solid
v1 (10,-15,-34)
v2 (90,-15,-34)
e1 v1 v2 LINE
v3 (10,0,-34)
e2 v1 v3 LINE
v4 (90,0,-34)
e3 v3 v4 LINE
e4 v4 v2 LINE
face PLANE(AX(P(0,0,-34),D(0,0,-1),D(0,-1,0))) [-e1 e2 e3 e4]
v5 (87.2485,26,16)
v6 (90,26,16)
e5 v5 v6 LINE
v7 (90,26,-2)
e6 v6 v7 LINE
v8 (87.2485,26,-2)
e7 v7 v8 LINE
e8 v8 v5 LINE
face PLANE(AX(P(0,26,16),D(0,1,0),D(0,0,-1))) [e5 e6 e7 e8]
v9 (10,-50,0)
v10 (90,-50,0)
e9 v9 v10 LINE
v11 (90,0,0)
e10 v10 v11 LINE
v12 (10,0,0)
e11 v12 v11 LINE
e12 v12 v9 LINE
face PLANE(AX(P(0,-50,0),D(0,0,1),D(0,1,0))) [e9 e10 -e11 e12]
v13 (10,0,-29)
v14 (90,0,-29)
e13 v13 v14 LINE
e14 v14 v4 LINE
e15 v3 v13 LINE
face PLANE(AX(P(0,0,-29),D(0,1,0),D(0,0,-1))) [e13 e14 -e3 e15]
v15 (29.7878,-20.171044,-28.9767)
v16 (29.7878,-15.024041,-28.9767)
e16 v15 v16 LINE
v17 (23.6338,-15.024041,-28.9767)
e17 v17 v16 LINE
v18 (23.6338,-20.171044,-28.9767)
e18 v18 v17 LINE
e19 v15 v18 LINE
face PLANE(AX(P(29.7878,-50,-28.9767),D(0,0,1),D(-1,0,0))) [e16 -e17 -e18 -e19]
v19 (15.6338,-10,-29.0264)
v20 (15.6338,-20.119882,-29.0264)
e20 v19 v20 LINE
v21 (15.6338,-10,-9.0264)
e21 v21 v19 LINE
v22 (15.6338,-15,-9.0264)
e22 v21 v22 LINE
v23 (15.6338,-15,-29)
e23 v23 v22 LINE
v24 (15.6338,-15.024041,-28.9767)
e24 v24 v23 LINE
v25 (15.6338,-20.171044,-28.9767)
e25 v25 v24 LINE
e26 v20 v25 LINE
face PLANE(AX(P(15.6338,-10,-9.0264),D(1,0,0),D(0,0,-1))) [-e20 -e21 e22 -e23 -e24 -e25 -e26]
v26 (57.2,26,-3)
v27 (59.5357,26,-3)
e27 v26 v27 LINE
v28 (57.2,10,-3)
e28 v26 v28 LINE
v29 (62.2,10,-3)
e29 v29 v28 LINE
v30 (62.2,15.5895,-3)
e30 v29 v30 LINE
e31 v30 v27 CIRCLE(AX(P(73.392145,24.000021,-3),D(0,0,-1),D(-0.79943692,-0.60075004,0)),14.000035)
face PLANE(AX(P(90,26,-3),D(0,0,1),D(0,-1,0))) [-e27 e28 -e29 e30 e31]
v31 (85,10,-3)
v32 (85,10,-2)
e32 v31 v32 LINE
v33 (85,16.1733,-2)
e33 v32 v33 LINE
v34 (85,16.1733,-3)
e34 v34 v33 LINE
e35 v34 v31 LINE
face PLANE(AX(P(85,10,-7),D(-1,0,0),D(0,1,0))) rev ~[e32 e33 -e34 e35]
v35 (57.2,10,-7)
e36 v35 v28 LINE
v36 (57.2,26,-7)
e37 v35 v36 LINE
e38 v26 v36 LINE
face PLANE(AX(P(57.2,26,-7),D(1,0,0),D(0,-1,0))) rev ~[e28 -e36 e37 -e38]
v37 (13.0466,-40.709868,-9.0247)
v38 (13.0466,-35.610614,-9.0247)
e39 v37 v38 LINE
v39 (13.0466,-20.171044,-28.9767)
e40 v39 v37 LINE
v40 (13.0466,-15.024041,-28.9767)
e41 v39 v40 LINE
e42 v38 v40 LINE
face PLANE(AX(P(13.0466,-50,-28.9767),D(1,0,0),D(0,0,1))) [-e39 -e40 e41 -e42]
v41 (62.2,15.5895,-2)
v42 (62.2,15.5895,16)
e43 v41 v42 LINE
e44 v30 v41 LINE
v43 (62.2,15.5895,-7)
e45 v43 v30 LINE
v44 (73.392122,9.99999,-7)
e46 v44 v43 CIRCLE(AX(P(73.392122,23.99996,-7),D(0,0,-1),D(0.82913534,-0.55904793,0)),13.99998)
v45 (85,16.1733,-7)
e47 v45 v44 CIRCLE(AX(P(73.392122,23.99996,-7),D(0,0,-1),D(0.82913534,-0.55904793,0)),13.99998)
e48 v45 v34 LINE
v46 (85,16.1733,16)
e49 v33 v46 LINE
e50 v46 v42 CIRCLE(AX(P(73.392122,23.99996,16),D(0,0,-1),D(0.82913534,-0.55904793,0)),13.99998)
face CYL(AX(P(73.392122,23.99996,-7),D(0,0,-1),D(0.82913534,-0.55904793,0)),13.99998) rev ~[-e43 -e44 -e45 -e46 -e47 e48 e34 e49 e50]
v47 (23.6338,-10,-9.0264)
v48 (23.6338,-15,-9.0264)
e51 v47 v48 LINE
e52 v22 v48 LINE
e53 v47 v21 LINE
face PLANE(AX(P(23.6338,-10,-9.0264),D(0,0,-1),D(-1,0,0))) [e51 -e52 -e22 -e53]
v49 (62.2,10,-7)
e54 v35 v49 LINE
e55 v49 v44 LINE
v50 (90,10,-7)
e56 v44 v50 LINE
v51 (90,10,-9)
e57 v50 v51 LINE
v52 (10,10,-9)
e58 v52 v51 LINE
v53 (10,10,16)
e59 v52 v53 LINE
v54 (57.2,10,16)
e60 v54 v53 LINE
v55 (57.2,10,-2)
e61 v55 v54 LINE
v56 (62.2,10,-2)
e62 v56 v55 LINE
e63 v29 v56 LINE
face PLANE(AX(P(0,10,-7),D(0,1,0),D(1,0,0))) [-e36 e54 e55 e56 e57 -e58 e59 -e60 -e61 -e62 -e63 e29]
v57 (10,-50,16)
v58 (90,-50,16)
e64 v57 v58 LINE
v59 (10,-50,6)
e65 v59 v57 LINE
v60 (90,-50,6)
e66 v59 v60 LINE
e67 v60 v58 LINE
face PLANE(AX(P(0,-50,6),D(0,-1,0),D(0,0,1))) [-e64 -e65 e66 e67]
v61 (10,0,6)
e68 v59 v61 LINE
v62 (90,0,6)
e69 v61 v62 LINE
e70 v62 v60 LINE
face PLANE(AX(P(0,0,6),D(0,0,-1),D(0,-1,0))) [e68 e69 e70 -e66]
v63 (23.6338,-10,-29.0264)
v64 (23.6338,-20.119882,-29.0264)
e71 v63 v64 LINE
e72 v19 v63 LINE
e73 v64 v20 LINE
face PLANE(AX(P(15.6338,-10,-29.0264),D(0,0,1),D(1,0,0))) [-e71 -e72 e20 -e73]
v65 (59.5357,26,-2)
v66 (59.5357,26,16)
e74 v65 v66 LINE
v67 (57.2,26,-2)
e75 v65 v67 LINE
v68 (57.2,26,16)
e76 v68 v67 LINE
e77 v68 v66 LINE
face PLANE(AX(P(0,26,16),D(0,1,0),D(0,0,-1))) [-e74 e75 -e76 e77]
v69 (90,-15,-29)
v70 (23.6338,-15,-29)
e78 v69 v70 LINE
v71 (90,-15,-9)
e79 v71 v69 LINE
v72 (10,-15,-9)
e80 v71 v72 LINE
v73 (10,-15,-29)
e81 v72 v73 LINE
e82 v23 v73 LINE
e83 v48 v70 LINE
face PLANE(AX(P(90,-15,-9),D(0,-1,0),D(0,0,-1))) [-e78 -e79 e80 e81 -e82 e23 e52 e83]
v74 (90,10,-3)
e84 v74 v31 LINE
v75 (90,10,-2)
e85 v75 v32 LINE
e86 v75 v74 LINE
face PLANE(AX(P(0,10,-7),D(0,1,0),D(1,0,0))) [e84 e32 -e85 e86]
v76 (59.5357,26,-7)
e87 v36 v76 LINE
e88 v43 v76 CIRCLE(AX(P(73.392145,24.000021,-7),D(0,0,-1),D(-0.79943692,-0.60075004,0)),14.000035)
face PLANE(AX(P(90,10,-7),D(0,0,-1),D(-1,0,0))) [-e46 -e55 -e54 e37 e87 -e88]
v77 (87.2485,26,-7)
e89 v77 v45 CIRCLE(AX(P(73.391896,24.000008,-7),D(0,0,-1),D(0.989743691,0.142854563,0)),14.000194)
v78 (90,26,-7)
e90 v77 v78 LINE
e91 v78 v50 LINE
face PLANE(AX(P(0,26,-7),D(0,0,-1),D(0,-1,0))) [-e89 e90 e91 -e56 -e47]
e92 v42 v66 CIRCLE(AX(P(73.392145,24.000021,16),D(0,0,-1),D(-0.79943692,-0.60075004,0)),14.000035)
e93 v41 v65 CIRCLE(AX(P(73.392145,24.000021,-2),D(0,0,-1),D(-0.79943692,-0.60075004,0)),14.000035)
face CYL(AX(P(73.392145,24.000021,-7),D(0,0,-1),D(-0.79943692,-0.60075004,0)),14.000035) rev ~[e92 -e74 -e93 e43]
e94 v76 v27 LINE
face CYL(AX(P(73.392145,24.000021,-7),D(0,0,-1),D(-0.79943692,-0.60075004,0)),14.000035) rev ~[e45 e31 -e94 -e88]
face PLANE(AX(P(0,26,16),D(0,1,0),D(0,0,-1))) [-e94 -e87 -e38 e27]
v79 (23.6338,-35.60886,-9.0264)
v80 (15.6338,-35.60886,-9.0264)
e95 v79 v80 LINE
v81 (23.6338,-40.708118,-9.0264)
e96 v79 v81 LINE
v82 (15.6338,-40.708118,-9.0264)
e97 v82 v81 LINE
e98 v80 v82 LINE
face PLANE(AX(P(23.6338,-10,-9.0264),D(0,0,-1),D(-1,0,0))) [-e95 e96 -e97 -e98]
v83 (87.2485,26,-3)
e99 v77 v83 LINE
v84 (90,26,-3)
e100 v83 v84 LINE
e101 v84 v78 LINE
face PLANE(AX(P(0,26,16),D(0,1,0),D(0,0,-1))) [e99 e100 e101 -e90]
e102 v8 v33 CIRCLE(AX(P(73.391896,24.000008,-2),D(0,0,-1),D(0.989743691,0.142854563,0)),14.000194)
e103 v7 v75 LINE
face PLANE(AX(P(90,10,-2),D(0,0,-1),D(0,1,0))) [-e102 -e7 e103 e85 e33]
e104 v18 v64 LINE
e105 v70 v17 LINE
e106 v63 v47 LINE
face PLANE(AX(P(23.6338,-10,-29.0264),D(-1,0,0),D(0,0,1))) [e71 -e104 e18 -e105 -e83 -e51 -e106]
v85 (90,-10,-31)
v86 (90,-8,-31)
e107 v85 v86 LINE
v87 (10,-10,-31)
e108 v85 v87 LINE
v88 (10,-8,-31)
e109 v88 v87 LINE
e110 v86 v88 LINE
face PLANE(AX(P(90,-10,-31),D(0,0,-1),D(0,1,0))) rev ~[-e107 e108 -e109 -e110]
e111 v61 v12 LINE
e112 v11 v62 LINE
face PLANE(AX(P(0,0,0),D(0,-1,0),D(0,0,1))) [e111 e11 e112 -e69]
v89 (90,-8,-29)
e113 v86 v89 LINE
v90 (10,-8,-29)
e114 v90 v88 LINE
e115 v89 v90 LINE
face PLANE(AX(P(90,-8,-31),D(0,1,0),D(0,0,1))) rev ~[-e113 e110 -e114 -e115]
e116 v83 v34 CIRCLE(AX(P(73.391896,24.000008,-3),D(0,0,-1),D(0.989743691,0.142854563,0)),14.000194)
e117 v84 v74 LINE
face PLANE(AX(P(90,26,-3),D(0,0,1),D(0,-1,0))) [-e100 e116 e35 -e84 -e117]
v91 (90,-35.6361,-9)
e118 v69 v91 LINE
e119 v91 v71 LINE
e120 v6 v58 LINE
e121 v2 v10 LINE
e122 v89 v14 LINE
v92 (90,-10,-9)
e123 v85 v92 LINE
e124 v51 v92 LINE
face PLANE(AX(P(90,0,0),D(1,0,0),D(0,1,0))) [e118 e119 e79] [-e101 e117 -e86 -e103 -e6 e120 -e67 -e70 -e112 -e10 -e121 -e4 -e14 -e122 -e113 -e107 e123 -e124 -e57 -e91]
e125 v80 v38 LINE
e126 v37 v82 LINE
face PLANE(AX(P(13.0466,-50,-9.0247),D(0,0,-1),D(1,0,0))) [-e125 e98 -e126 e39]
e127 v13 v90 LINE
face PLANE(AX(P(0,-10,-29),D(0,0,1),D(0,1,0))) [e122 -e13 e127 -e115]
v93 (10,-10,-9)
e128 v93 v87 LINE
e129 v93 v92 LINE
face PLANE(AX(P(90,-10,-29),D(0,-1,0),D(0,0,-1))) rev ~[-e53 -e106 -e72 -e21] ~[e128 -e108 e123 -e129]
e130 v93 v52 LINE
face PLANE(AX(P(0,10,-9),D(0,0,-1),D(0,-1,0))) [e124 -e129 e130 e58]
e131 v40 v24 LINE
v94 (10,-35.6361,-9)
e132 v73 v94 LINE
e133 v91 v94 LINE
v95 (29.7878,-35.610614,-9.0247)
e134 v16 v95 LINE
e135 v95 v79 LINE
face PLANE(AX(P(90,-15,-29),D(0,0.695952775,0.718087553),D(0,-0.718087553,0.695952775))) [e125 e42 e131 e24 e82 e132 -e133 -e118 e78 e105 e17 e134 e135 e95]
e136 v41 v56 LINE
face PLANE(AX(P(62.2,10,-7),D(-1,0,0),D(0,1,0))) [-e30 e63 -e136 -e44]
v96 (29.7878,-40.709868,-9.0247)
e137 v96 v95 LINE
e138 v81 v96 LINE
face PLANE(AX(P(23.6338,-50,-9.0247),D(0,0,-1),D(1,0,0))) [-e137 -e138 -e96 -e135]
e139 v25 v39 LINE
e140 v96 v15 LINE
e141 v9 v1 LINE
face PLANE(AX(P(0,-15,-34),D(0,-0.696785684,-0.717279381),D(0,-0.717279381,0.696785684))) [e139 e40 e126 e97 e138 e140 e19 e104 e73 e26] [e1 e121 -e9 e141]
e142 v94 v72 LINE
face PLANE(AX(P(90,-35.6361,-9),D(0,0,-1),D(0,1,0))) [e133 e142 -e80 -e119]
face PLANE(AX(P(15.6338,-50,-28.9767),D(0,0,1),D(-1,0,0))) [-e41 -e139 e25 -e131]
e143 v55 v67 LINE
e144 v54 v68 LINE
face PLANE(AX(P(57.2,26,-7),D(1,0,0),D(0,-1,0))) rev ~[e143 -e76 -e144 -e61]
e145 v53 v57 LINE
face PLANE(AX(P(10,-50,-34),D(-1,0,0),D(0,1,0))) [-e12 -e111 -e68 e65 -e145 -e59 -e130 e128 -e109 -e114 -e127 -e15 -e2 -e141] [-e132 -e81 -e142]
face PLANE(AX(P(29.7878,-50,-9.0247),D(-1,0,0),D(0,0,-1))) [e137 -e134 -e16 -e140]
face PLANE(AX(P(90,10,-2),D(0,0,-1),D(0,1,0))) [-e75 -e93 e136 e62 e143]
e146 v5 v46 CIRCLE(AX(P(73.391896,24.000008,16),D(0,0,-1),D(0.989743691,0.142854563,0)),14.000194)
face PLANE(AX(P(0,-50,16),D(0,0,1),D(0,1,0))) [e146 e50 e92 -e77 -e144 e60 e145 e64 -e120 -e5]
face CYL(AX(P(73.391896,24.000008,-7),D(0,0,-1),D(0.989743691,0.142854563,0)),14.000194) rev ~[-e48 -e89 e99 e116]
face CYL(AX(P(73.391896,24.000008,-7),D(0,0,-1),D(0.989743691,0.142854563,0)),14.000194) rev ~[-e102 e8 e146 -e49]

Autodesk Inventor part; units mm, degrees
ref_plane "YZ Plane" through (0, 0, 0) normal (1, 0, 0) x (0, 1, 0)
ref_plane "XZ Plane" through (0, 0, 0) normal (0, 1, 0) x (-1, 0, 0)
ref_plane "XY Plane" through (0, 0, 0) normal (0, 0, 1) x (1, 0, 0)
sketch "Base" plane through (0, 0, 0) normal (1, 0, 0) x (0, 1, 0)
  line L0 (0, 0) -> (0, 6)
  line L1 (0, 6) -> (-50, 6)
  line L2 (-50, 6) -> (-50, 16)
  line L3 (-50, 16) -> (10, 16)
  line L4 (10, -9) -> (-10, -9)
  line L5 (-10, -9) -> (-10, -29)
  line L6 (-10, -29) -> (0, -29)
  line L7 (0, -29) -> (0, -34)
  line L8 (0, -34) -> (-15, -34)
  line L9 (-15, -34) -> (-50, 0)
  line L10 (-50, 0) -> (0, 0)
  line L11 (10, 16) -> (10, -9)
  dimension "d0" = 6
  dimension "d1" = 50
  dimension "d2" = 10
  dimension "d3" = 60
  dimension "d4" = 25
  dimension "d5" = 20
  dimension "d6" = 20
  dimension "d7" = 10
  dimension "d8" = 5
  dimension "d9" = 15
sketch "Mount" plane through (0, 0, 0) normal (1, 0, 0) x (0, 1, 0)
  line L0 (10, 16) -> (26, 16)
  line L1 (26, 16) -> (26, -7)
  line L2 (26, -7) -> (10, -7)
  line L3 (10, -7) -> (10, 16)
  point P0 (0, 0)
  dimension "d13" = 16
  dimension "d14" = 23
extrude "Extrusion1" add sketch "Base" along normal blind 90
extrude "Extrusion2" add sketch "Mount" along normal blind 90
sketch "Sketch4" plane through (0, 10, -7) normal (0, 0, -1) x (-1, 0, 0)
  line L0 (0, 0) -> (0, 16) projected
  line L1 (0, 16) -> (-90, 16) projected
  line L2 (-90, 0) -> (-90, 16) projected
  line L3 (0, 0) -> (-90, 0) projected
  line L4 (-90, 17.3769) -> (-85, 17.3769)
  line L5 (-85, 17.3769) -> (-85, 0)
  line L6 (0, 0) -> (-90, 0) projected
  line L7 (-85, 0) -> (-62.2, 0)
  line L8 (-62.2, 0) -> (-62.2, 17.3769)
  line L9 (-62.2, 17.3769) -> (-57.2, 17.3769)
  line L10 (-57.2, 17.3769) -> (-57.2, 0)
  line L11 (-90, 17.3769) -> (-90, 25.7938)
  line L12 (-90, 25.7938) -> (16.0885, 26.6461)
  line L13 (16.0885, 26.6461) -> (17.0474, 0)
  line L14 (17.0474, 0) -> (-57.2, 0)
  point P0 (0, -10)
  dimension "d19" = 5
  dimension "d20" = 22.8
  dimension "d21" = 5
extrude "Extrusion3" cut sketch "Sketch4" against normal blind 90 contours L3 L10 L1 L0 | L0 L1 L10 L9 L8 L5 L4 L11 L12 L13 L14 | L3 L5 L1 L8
sketch "Sketch7" plane through (90, 0, 0) normal (1, 0, 0) x (0, 0, -1)
  line L0 (29, 0) -> (29, -10) projected
  line L1 (29, -10) -> (9, -10) projected
  line L2 (9, -10) -> (9, 10) projected
  line L3 (9, 10) -> (7, 10) projected
  line L4 (7, 10) -> (7, 26) projected
  line L5 (7, 26) -> (-16, 26) projected
  line L6 (-16, 26) -> (-16, -50) projected
  line L7 (-16, -50) -> (-6, -50) projected
  line L8 (-6, -50) -> (-6, 0) projected
  line L9 (-6, 0) -> (0, 0) projected
  line L10 (0, 0) -> (0, -50) projected
  line L11 (0, -50) -> (34, -15) projected
  line L12 (34, -15) -> (34, 0) projected
  line L13 (34, 0) -> (29, 0) projected
  line L14 (9, -15) -> (29, -15)
  line L15 (29, -15) -> (9, -35.6361)
  line L16 (9, -35.6361) -> (9, -15)
extrude "Extrusion5" cut sketch "Sketch7" against normal blind 90 contours L14 L15 L16
sketch "Sketch8" plane through (90, 0, 0) normal (1, 0, 0) x (0, 0, -1)
  line L0 (29, -15) -> (9, -35.6361) projected
  line L1 (9, -35.6361) -> (9, -15) projected
  line L2 (9, -15) -> (29, -15) projected
  line L3 (29, 0) -> (29, -10) projected
  line L4 (29, -10) -> (9, -10) projected
  line L5 (9, -10) -> (9, 10) projected
  line L6 (9, 10) -> (7, 10) projected
  line L7 (7, 10) -> (7, 26) projected
  line L8 (7, 26) -> (-16, 26) projected
  line L9 (-16, 26) -> (-16, -50) projected
  line L10 (-16, -50) -> (-6, -50) projected
  line L11 (-6, -50) -> (-6, 0) projected
  line L12 (-6, 0) -> (0, 0) projected
  line L13 (0, 0) -> (0, -50) projected
  line L14 (0, -50) -> (34, -15) projected
  line L15 (34, -15) -> (34, 0) projected
  line L16 (34, 0) -> (29, 0) projected
  line L17 (2, 10) -> (3, 10)
  line L18 (2, 10) -> (2, 28)
  line L19 (2, 28) -> (3, 28)
  line L20 (3, 28) -> (3, 10)
  point P0 (-16, 10)
  dimension "d39" = 18
  dimension "d40" = 1
  dimension "d69" = 18
extrude "Extrusion6" cut sketch "Sketch8" against normal blind 90 contours L20 L17 L18 L8 | L8 L18 L19 L20
sketch "Sketch9" plane through (0, -15, -34) normal (0, 0, -1) x (-1, 0, 0)
  line L0 (0, -35) -> (-90, -35) projected
  line L1 (0, -35) -> (-10, -35)
  line L2 (-10, -35) -> (-10, 26.7876)
  line L3 (-10, 26.7876) -> (0, 26.7876)
  line L4 (0, 26.7876) -> (0, -35)
  point P0 (0, 15)
  dimension "d44" = 10
extrude "Extrusion7" cut sketch "Sketch9" against normal blind 90
sketch "Sketch10" plane through (90, -10, -9) normal (0, 1, 0) x (1, 0, 0)
  line L0 (-74.3662, 20.0264) -> (-66.3662, 20.0264)
  line L1 (-66.3662, 20.0264) -> (-66.3662, 0.0264)
  line L2 (-66.3662, 0.0264) -> (-74.3662, 0.0264)
  line L3 (-74.3662, 0.0264) -> (-74.3662, 20.0264)
  point P0 (-90, -9)
  dimension "d47" = 8
  dimension "d58" = 20
extrude "Extrusion8" cut sketch "Sketch10" against normal blind 90
sketch "Sketch11" plane through (90, -50, 6) normal (0, -1, 0) x (1, 0, 0)
  line L0 (-74.3662, -35.0264) -> (-74.3662, -15.0264) projected
  line L1 (-74.3662, -15.0264) -> (-66.3662, -15.0264) projected
  line L2 (-66.3662, -15.0264) -> (-66.3662, -35.0264) projected
  line L3 (-66.3662, -35.0264) -> (-74.3662, -35.0264) projected
  line L4 (-80, -6) -> (-80, -40) projected
  line L5 (-80, -40) -> (0, -40) projected
  line L6 (0, -6) -> (0, -40) projected
  line L7 (-80, -6) -> (0, -6) projected
  line L8 (-60.2122, -34.9767) -> (-76.9534, -34.9767)
  line L9 (-76.9534, -34.9767) -> (-76.9534, -15.0247)
  line L10 (-76.9534, -15.0247) -> (-60.2122, -15.0247)
  line L11 (-60.2122, -15.0247) -> (-60.2122, -34.9767)
  point P0 (-90, -6)
extrude "Extrusion9" cut sketch "Sketch11" against normal blind 35 contours L8 L9 L10 L0 | L2 L10 L11 L8
sketch "Sketch12" plane through (90, 10, -7) normal (0, 0, -1) x (-1, 0, 0)
  line L0 (5, 0) -> (5, 16) projected
  line L1 (5, 16) -> (0, 16) projected
  line L2 (0, 0) -> (0, 16) projected
  line L3 (5, 0) -> (0, 0) projected
  line L4 (27.8, 16) -> (27.8, 0) projected
  line L5 (32.8, 0) -> (27.8, 0) projected
  line L6 (32.8, 0) -> (32.8, 16) projected
  line L7 (32.8, 16) -> (27.8, 16) projected
  line L8 (2.5, 7) -> (16.4, 7)
  line L9 (80, 0) -> (0, 0) projected
  point P0 (90, -10)
  point P1 (30.282, 6.0006)
  dimension "d52" = 27.8
  dimension "d53" = 13.9
  dimension "d70" = 7
sketch "Sketch13" plane through (90, 0, 0) normal (1, 0, 0) x (0, 0, -1)
  line L0 (2, 10) -> (2, 26) projected
  line L1 (2, 26) -> (-16, 26) projected
  line L2 (-16, 26) -> (-16, -50) projected
  line L3 (-16, -50) -> (-6, -50) projected
  line L4 (-6, -50) -> (-6, 0) projected
  line L5 (-6, 0) -> (0, 0) projected
  line L6 (0, 0) -> (0, -50) projected
  line L7 (0, -50) -> (34, -15) projected
  line L8 (34, -15) -> (34, 0) projected
  line L9 (34, 0) -> (29, 0) projected
  line L10 (29, 0) -> (29, -10) projected
  line L11 (29, -10) -> (9, -10) projected
  line L12 (9, -10) -> (9, 10) projected
  line L13 (9, 10) -> (7, 10) projected
  line L14 (7, 10) -> (7, 26) projected
  line L15 (3, 26) -> (3, 10) projected
  line L16 (3, 10) -> (2, 10) projected
  line L17 (29, -15) -> (9, -35.6361) projected
  line L18 (9, -35.6361) -> (9, -15) projected
  line L19 (9, -15) -> (29, -15) projected
  line L20 (29, -10) -> (9, -10) projected
  line L21 (29, -10) -> (31, -10)
  line L22 (31, -10) -> (31, -8)
  line L23 (31, -8) -> (29, -8)
  line L24 (29, 0) -> (29, -10) projected
  line L25 (29, -10) -> (29, -8)
  line L26 (7, 26) -> (3, 26) projected
  dimension "d54" = 2
  dimension "d55" = 2
extrude "Extrusion10" cut sketch "Sketch13" against normal through all contours L10 L23 L22 L21
sketch "Sketch15" plane through (90, 10, -7) normal (0, 0, -1) x (-1, 0, 0)
  line L0 (5, 0) -> (5, 16) projected
  line L1 (5, 16) -> (0, 16) projected
  line L2 (0, 0) -> (0, 16) projected
  line L3 (5, 0) -> (0, 0) projected
  line L4 (27.8, 16) -> (27.8, 0) projected
  line L5 (32.8, 0) -> (27.8, 0) projected
  line L6 (32.8, 0) -> (32.8, 16) projected
  line L7 (32.8, 16) -> (27.8, 16) projected
  line L8 (80, 0) -> (0, 0) projected
  circle A0 centre (16.6079, 14) radius 14 construction
  line L9 (27.8, 0) -> (27.8, 16) projected
  line L10 (27.8, 5.5895) -> (27.8, 16)
  line L11 (27.8, 16) -> (30.4643, 16)
  line L12 (32.8, 16) -> (27.8, 16) projected
  arc A1 (27.8, 5.5895) -> (30.4643, 16) centre (16.6079, 14) ccw
  line L13 (5, 16) -> (0, 16) projected
  line L14 (5, 16) -> (5, 0) projected
  arc A2 (2.7515, 16) -> (5, 6.1733) centre (16.6079, 14) ccw
  line L15 (5, 16) -> (2.7515, 16)
  line L16 (5, 6.1733) -> (5, 16)
  point P0 (90, -10)
  point P1 (27.8, 5.5895)
  point P2 (30.4643, 16)
  point P3 (2.7515, 16)
  point P4 (5, 6.1733)
  dimension "d63" = 14
  dimension "d64" = 28
extrude "Extrusion12" cut sketch "Sketch15" against normal up to surface (23 mm away) contours A2 L1 L0 | L4 L7 A1
sketch "Sketch16" plane through (90, 10, -7) normal (0, 0, -1) x (-1, 0, 0)
  circle A0 centre (16.6079, 14) radius 14 construction
  line L0 (5, 0) -> (5, 6.1733) projected
  line L1 (5, 6.1733) -> (5, 0)
  line L2 (5, 0) -> (27.7766, 0)
  line L3 (80, 0) -> (0, 0) projected
  line L4 (27.8, 0) -> (27.8, 5.5895) projected
  line L5 (27.8, 5.5895) -> (27.8, 0)
  line L6 (5, 0) -> (0, 0) projected
  line L7 (27.8, 0) -> (5, 0)
  line L8 (5, 0) -> (5, 6.1733)
  line L9 (32.8, 0) -> (27.8, 0) projected
  line L10 (5, 0) -> (27.8, 0)
  arc A1 (5, 6.1733) -> (27.8, 5.5895) centre (16.6079, 14) ccw
  point P0 (90, -10)
  point P1 (16.6079, 0)
extrude "Extrusion13" add sketch "Sketch16" against normal up to surface (23 mm away)
properties part number "Base Part"
